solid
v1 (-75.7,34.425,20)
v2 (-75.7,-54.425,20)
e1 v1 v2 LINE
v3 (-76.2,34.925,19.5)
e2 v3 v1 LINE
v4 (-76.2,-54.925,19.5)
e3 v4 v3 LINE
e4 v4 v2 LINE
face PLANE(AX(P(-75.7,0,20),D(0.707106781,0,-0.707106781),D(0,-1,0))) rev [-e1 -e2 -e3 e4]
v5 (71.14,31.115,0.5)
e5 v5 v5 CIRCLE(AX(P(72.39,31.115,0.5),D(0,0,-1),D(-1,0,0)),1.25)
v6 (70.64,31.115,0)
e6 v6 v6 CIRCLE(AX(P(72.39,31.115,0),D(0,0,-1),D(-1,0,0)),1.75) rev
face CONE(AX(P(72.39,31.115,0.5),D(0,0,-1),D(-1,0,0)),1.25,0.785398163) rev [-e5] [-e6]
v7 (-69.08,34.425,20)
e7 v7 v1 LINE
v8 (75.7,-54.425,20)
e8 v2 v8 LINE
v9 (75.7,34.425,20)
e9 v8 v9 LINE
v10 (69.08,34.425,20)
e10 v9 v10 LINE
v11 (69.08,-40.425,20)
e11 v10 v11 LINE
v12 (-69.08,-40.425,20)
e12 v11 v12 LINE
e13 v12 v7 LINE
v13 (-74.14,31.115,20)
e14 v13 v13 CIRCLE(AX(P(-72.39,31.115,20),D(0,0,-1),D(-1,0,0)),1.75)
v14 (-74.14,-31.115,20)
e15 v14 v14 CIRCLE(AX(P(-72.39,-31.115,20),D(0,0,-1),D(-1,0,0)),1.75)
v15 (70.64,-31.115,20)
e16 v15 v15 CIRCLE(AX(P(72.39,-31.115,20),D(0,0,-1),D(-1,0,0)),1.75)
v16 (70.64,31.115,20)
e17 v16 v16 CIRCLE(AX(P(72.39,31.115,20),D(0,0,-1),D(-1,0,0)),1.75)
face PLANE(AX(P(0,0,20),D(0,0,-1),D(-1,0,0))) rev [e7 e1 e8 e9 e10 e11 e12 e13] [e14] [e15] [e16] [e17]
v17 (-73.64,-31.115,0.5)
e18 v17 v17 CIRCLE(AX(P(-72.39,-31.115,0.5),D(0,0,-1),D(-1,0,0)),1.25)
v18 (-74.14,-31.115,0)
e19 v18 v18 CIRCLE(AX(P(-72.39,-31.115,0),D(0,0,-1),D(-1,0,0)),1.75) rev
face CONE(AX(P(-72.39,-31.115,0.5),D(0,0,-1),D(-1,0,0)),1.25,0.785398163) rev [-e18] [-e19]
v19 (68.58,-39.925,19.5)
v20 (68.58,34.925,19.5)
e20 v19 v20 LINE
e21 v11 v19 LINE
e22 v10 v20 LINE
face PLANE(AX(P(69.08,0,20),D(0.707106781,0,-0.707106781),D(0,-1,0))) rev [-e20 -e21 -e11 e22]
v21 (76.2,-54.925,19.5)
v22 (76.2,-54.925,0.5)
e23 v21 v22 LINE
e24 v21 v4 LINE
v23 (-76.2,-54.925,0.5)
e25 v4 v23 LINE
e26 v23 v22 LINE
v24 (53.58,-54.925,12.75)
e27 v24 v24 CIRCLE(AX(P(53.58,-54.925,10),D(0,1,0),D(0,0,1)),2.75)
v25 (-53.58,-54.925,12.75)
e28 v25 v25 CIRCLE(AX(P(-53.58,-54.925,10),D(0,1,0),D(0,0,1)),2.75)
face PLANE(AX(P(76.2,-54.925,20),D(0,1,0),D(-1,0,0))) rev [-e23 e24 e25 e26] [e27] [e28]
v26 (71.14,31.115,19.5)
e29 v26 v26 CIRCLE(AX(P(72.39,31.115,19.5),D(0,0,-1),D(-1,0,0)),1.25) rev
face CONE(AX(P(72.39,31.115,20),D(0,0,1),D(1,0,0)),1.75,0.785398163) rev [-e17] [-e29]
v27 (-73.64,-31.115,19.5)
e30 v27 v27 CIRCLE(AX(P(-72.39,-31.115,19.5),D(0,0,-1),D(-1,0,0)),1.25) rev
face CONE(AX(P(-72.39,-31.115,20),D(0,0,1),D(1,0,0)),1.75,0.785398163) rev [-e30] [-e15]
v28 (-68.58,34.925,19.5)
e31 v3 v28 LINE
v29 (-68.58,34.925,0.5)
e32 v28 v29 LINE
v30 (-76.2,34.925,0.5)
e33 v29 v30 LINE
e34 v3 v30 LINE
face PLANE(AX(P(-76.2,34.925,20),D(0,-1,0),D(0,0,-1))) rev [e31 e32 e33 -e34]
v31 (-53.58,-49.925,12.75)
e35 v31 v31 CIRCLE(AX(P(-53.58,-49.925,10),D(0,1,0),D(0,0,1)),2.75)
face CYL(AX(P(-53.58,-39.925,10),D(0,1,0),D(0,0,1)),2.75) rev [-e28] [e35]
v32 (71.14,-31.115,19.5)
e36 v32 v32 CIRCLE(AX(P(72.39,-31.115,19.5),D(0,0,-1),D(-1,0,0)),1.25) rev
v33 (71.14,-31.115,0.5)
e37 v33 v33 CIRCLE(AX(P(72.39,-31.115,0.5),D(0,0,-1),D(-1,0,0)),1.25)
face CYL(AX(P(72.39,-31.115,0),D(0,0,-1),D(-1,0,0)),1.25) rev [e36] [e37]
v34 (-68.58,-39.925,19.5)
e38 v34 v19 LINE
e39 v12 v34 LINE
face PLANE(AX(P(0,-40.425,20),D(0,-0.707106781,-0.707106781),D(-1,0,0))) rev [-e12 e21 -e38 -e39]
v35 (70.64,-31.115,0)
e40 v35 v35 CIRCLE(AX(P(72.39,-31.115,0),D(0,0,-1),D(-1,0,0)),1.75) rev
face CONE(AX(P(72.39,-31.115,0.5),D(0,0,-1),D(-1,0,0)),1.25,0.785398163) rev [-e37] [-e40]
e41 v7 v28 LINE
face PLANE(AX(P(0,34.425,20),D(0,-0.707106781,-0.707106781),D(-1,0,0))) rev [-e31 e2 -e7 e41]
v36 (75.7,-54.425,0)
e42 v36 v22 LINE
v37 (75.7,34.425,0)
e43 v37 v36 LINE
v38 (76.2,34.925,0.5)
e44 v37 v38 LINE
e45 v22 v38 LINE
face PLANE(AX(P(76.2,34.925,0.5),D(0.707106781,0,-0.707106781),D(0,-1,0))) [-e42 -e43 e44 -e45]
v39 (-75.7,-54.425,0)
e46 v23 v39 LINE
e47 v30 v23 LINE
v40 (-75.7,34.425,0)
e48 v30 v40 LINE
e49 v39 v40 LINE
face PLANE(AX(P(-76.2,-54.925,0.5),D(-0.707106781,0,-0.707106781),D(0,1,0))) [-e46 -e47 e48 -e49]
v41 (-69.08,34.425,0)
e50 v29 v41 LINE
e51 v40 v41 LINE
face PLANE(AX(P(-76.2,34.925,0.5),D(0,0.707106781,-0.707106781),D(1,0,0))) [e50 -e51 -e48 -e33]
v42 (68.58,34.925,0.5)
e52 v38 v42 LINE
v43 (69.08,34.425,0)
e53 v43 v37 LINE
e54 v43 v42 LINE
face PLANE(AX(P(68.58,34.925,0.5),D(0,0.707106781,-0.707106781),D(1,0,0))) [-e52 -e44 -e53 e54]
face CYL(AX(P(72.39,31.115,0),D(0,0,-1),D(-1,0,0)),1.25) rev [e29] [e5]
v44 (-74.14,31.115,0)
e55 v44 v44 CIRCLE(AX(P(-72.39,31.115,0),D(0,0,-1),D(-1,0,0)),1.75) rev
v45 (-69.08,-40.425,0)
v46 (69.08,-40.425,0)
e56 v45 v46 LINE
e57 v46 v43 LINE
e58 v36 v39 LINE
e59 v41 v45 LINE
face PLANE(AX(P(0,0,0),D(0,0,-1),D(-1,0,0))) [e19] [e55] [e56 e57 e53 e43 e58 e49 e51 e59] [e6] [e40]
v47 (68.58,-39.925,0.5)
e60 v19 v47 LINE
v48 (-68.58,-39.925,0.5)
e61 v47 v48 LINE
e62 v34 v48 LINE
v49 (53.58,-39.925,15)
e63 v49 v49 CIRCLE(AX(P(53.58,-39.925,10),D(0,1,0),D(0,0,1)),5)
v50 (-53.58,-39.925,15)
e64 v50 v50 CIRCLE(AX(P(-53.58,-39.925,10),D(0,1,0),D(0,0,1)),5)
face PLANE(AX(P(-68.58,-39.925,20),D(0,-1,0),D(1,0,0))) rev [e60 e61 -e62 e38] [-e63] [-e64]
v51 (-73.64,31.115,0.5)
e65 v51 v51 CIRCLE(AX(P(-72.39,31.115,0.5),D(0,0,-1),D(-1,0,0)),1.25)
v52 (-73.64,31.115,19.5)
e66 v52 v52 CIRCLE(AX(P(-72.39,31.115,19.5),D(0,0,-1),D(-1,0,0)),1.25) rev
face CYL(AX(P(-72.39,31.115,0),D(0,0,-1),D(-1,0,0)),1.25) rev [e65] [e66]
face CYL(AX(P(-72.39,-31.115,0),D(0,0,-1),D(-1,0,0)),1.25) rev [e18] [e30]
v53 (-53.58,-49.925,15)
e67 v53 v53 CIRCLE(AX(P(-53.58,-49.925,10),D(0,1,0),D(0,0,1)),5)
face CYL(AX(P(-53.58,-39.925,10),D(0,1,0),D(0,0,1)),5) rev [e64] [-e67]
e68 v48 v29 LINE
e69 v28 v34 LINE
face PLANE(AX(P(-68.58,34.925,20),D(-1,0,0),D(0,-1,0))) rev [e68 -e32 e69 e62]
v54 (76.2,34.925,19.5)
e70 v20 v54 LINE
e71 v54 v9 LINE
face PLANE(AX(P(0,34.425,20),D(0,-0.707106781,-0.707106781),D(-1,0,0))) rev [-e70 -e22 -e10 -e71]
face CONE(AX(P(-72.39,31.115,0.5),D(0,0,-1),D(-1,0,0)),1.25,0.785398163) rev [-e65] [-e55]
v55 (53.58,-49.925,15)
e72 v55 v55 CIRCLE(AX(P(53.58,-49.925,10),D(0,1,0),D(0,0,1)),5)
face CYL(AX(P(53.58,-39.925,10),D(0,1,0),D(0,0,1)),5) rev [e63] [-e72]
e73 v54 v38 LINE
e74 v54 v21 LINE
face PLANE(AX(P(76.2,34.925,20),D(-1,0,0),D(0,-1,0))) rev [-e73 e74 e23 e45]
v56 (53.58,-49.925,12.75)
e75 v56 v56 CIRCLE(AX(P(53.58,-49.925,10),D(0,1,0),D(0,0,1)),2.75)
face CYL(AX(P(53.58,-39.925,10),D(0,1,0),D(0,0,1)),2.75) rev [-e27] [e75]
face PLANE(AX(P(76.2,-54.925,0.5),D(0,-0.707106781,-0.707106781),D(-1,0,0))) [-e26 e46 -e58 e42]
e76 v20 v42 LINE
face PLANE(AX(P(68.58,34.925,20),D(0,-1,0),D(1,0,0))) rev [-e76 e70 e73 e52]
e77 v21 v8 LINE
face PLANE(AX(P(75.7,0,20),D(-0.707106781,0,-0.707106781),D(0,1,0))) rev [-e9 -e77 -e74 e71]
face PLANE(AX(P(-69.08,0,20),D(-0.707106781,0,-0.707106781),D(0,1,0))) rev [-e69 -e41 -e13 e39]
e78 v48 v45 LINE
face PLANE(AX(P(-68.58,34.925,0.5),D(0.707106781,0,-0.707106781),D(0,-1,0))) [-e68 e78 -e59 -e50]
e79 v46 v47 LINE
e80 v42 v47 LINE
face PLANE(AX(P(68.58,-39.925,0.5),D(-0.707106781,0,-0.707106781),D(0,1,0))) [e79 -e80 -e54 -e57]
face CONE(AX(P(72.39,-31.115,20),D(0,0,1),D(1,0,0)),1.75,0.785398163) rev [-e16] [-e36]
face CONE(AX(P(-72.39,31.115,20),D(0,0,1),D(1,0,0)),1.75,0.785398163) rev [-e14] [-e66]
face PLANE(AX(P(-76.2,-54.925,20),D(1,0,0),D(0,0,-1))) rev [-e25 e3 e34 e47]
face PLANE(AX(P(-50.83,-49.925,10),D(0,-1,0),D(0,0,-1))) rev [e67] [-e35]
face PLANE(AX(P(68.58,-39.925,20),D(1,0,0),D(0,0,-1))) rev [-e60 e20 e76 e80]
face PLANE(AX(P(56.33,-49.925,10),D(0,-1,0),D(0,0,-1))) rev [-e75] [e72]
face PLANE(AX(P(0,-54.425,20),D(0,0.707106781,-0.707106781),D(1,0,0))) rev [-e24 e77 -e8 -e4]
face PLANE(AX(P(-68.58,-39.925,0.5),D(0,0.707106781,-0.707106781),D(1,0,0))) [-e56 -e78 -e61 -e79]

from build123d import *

# Parameters (mm, degrees)
BOSS_EXTRUDE1_DEPTH            = 20
M3X0_5_TAPPED_HOLE1_D          = 2.5
CHAMFER1_SIZE                  = 0.5
CBORE_FOR_M5_SHCS1_D           = 5.5
CBORE_FOR_M5_SHCS1_CBORE_D     = 10
CBORE_FOR_M5_SHCS1_CBORE_DEPTH = 10


with BuildPart() as part:
    # Sketch2 → Boss-Extrude1 (new body)
    with BuildSketch(Plane.XY):
        Polygon((-76.2, 34.925), (-68.58, 34.925), (-68.58, -39.925), (68.58, -39.925), (68.58, 34.925), (76.2, 34.925), (76.2, -54.925), (-76.2, -54.925), align=None)
    extrude(amount=BOSS_EXTRUDE1_DEPTH)

    # M3x0.5 Tapped Hole1 (through all)
    with Locations(Plane(origin=(0, 0, 0), x_dir=(-1, 0, 0), z_dir=(0, 0, -1))):
        with Locations((-72.39, -31.115), (-72.39, 31.115), (72.39, 31.115), (72.39, -31.115)):
            Hole(M3X0_5_TAPPED_HOLE1_D / 2)

    # Chamfer1
    chamfer1_edges = [part.edges().sort_by_distance(p)[0] for p in [
        (72.39, 34.925, 0),
        (76.2, -10, 0),
        (0, -54.925, 0),
        (-76.2, -10, 0),
        (76.2, -10, 20),
        (72.39, 34.925, 20),
        (68.58, -2.5, 20),
        (0, -39.925, 20),
        (-73.64, -31.115, 0),
        (-73.64, -31.115, 20),
        (-68.58, -2.5, 20),
        (-73.64, 31.115, 0),
        (-73.64, 31.115, 20),
        (-72.39, 34.925, 20),
        (71.14, 31.115, 0),
        (71.14, 31.115, 20),
        (71.14, -31.115, 0),
        (71.14, -31.115, 20),
        (-76.2, -10, 20),
        (-72.39, 34.925, 0),
        (0, -54.925, 20),
        (-68.58, -2.5, 0),
        (0, -39.925, 0),
        (68.58, -2.5, 0),
    ]]
    chamfer(chamfer1_edges, length=CHAMFER1_SIZE)

    # CBORE for M5 SHCS1 (through all)
    with Locations(Plane(origin=(-53.58, -39.925, 10), x_dir=(1, 0, 0), z_dir=(0, 1, 0))):
        with Locations((0, 0), (107.16, 0)):
            CounterBoreHole(CBORE_FOR_M5_SHCS1_D / 2, CBORE_FOR_M5_SHCS1_CBORE_D / 2, CBORE_FOR_M5_SHCS1_CBORE_DEPTH)


solid = part.part
